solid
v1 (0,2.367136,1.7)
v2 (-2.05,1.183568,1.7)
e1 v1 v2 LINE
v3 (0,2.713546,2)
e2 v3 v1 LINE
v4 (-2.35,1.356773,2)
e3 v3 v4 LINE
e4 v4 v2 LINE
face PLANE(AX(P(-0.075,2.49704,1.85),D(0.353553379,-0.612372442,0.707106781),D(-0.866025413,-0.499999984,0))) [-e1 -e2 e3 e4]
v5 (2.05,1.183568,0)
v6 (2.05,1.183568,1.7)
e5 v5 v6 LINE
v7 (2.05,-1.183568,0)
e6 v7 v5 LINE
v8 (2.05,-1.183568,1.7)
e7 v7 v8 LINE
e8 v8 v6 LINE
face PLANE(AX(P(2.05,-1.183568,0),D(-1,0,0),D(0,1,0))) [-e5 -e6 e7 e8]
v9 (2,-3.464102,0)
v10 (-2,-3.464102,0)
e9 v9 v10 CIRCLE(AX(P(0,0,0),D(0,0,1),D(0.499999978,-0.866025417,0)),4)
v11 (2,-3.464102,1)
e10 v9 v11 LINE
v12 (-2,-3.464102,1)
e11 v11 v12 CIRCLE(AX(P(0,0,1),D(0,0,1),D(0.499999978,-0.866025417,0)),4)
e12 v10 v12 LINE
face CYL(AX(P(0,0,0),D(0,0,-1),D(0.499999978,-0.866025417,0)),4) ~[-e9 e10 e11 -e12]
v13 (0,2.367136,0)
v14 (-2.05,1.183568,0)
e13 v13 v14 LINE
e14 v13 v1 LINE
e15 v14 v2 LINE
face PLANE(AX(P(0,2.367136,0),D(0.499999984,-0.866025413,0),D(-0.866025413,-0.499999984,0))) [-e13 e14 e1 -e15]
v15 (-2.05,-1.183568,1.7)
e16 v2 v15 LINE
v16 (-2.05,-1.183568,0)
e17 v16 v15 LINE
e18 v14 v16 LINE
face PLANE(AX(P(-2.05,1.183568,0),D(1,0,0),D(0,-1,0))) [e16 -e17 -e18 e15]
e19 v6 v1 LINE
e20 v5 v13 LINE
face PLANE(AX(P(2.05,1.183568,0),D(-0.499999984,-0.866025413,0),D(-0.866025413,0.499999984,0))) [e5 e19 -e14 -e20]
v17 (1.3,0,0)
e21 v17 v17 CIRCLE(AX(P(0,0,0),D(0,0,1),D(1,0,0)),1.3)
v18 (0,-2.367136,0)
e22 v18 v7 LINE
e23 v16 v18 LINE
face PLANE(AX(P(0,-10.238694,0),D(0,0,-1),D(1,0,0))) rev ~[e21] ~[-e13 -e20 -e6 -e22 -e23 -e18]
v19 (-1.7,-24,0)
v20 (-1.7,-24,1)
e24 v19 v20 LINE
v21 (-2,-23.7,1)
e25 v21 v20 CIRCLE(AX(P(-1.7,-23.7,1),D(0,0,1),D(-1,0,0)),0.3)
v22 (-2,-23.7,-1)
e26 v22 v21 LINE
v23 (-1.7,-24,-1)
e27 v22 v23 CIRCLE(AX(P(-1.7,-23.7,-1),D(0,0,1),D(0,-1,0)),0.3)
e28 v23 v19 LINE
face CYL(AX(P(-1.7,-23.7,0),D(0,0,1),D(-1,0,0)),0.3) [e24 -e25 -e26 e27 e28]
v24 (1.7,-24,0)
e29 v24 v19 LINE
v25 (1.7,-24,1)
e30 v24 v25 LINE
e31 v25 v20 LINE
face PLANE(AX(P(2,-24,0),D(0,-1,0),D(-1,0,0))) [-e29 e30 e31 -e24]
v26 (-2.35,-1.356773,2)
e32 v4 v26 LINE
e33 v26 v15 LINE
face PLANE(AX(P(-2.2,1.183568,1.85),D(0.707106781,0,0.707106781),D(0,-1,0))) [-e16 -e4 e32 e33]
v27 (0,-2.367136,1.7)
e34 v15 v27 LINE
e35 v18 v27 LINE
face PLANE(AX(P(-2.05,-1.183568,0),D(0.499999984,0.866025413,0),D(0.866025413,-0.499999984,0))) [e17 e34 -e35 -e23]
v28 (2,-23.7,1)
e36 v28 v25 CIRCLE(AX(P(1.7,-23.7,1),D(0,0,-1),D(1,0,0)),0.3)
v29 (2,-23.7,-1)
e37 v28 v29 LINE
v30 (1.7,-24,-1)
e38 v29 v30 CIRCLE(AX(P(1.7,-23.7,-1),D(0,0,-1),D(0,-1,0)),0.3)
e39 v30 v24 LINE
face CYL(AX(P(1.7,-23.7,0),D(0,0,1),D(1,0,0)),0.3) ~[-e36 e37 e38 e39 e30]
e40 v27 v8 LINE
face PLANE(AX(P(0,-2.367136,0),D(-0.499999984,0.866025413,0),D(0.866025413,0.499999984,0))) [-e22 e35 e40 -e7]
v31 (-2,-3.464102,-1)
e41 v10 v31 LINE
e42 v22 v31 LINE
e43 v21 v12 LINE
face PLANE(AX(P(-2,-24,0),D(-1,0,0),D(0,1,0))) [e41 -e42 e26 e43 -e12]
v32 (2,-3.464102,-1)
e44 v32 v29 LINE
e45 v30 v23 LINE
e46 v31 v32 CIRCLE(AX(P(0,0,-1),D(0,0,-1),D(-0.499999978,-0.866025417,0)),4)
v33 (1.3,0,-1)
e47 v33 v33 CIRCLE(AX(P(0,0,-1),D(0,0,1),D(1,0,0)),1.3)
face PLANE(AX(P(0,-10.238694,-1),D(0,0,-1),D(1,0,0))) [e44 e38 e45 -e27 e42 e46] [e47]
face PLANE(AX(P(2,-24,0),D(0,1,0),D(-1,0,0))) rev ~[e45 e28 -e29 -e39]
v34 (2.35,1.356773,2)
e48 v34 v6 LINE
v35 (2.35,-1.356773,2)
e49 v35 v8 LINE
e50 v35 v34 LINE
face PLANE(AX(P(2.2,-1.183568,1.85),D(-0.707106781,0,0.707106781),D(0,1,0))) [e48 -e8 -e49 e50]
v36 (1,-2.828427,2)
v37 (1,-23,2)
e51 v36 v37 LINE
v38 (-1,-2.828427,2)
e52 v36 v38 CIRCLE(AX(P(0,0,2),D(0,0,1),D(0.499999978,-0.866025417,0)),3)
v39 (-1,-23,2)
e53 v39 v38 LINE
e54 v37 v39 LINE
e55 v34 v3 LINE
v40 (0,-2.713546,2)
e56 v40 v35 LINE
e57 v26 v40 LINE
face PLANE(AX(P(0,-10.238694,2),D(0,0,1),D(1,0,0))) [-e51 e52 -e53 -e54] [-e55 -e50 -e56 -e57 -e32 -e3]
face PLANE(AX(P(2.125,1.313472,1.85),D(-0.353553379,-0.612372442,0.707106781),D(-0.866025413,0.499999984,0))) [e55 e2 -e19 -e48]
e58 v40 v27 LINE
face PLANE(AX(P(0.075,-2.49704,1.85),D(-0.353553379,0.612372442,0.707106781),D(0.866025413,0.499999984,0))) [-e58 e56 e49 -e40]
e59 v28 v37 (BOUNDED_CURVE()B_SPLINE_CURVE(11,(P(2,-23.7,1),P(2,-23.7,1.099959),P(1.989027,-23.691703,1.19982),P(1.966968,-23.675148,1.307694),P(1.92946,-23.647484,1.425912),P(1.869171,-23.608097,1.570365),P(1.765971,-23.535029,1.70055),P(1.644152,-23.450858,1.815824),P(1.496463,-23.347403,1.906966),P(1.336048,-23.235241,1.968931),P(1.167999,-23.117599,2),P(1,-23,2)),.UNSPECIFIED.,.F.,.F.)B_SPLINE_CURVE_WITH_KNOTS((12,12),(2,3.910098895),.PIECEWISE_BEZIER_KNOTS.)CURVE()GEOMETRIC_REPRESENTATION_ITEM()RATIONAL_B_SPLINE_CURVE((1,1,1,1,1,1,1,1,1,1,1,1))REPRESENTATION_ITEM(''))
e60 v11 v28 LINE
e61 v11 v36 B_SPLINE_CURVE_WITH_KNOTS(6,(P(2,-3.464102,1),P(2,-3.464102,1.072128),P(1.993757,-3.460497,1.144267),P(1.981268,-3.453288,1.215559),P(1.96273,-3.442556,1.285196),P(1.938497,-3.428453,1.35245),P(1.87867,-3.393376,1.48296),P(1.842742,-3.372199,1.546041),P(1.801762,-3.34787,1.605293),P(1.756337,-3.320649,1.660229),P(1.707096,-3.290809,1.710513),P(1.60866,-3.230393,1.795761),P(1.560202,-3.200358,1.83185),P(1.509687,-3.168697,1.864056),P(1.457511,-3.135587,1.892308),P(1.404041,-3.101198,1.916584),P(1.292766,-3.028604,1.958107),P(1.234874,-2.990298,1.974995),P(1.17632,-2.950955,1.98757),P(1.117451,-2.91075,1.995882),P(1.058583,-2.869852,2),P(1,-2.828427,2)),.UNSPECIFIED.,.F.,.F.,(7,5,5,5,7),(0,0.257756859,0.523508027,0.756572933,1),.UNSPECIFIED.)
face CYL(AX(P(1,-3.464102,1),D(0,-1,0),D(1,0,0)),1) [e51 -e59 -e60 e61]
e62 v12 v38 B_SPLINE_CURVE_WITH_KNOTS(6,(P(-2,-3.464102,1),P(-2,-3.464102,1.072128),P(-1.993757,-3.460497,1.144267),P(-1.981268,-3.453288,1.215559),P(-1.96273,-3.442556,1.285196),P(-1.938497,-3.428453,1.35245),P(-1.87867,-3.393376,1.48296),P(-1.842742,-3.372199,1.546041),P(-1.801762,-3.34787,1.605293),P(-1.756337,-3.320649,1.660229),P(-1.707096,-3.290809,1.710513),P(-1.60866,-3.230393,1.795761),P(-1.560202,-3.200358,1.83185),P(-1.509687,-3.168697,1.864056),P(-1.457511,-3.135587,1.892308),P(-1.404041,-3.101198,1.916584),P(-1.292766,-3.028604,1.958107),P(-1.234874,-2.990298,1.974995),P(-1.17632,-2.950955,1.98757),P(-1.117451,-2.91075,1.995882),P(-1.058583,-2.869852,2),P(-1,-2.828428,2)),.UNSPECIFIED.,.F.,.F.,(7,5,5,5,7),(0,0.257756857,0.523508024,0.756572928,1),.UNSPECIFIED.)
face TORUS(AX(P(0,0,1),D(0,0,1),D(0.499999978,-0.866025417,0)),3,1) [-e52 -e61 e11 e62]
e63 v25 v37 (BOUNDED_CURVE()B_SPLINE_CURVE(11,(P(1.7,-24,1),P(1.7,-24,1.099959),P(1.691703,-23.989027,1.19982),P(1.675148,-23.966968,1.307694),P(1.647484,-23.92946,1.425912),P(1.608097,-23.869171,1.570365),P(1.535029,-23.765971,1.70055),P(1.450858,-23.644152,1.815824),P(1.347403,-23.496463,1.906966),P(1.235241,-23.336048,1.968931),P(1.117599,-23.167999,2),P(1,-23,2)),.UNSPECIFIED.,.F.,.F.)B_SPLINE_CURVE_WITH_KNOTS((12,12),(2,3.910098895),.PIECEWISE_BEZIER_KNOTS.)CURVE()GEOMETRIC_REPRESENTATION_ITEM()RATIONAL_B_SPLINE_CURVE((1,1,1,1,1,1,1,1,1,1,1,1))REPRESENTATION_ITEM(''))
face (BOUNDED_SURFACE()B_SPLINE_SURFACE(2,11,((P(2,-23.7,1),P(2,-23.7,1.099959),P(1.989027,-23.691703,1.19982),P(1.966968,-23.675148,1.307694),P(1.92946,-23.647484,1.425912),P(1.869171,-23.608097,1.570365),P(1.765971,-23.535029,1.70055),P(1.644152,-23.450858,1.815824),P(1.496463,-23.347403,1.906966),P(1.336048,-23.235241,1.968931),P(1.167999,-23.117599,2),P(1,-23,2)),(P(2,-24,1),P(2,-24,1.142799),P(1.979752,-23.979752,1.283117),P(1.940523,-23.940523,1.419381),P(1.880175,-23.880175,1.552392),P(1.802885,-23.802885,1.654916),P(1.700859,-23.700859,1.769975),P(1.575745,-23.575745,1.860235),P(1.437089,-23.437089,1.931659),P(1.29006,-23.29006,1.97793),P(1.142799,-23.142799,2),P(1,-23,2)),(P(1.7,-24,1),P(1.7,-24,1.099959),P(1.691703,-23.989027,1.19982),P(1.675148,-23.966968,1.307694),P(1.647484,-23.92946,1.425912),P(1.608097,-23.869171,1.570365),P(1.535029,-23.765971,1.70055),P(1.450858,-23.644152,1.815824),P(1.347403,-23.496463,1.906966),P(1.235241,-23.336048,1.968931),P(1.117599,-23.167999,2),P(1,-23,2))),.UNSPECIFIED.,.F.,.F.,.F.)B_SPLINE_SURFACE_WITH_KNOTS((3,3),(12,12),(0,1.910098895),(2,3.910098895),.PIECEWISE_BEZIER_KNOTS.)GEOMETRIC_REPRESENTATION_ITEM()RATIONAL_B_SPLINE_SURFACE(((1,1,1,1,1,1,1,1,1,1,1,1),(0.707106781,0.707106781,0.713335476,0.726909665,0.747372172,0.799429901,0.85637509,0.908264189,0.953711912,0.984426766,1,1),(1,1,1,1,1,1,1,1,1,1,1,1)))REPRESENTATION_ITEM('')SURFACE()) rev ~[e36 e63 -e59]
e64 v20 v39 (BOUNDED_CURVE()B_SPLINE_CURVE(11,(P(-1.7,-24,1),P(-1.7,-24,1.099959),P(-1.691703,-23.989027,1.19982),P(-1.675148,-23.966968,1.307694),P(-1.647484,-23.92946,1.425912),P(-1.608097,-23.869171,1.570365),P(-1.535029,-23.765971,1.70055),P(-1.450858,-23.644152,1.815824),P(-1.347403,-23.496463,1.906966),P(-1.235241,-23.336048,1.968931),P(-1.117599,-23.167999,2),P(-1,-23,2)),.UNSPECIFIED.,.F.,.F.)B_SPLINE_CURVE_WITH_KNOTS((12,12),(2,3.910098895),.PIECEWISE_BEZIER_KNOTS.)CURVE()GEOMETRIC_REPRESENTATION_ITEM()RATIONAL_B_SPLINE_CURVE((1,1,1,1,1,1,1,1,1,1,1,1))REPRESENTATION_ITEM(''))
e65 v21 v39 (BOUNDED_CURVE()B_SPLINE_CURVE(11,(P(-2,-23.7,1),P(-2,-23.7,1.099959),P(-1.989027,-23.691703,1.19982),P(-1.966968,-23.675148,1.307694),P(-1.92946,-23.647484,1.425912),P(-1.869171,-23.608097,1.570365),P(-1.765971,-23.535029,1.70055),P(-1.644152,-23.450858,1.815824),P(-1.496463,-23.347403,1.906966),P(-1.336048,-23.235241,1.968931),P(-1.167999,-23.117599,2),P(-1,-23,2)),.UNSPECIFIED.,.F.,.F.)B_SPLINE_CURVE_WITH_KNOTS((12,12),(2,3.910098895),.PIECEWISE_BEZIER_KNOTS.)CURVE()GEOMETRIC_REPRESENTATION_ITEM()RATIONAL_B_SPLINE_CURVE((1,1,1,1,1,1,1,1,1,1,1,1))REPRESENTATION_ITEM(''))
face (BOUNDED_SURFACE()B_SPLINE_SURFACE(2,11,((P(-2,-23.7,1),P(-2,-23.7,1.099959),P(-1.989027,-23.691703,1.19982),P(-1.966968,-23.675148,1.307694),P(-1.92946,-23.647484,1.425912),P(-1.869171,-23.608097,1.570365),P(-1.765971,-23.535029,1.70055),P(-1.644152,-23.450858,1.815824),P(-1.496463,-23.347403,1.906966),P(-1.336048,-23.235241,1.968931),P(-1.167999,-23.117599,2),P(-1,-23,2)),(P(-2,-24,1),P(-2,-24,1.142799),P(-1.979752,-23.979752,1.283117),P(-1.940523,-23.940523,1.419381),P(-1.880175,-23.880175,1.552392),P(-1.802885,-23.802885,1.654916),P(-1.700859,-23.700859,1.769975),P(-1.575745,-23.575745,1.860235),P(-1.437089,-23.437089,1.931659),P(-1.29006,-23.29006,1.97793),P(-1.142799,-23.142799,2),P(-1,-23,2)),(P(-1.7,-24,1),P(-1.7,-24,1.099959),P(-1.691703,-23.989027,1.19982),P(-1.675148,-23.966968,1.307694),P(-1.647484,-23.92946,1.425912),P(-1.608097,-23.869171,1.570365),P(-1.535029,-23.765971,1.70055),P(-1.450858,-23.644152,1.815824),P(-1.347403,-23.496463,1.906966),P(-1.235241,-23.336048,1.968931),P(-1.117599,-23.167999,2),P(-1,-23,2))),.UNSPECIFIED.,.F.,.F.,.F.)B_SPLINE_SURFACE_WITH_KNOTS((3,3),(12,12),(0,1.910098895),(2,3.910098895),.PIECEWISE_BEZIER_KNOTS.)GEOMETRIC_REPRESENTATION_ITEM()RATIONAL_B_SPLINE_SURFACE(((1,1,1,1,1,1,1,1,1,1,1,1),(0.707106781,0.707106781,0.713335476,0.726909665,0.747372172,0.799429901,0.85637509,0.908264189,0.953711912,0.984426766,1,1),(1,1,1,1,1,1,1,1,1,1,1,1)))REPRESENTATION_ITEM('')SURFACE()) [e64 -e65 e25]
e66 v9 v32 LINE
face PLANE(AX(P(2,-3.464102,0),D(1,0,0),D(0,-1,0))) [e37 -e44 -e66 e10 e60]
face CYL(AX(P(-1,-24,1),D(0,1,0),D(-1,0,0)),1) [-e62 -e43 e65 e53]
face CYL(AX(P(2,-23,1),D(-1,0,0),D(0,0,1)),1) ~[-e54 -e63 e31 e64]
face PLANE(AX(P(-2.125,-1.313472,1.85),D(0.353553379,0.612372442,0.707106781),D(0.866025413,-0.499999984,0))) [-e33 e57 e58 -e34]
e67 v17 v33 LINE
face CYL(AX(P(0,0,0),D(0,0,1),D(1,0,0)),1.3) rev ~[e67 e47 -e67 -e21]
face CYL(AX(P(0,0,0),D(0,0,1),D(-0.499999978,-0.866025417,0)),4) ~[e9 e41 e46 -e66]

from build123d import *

# Parameters (mm, degrees)
PAD_DEPTH    = 2
PAD001_DEPTH = 1
SKETCH002_R  = 1.3
POCKET_DEPTH = 1.001
FILLET_R     = 1
FILLET001_R  = 0.3
FILLET002_R  = 0.3
CHAMFER_SIZE = 0.3


with BuildPart() as part:
    # Sketch → Pad (new body)
    with BuildSketch(Plane.XY):
        with BuildLine():
            ThreePointArc((2, -3.464102), (0, 4), (-2, -3.464102))
            Line((-2, -24), (-2, -3.464102))
            Line((2, -24), (-2, -24))
            Line((2, -3.464102), (2, -24))
        make_face()
        Polygon((0, 2.367136), (-2.05, 1.183568), (-2.05, -1.183568), (0, -2.367136), (2.05, -1.183568), (2.05, 1.183568), align=None, mode=Mode.SUBTRACT)
    extrude(amount=PAD_DEPTH)

    # Sketch001 (on Face11 of Pad) → Pad001 (join)
    with BuildSketch(Plane(origin=(0, 0, 0), x_dir=(1, 0, 0), z_dir=(0, 0, -1))):
        with BuildLine():
            ThreePointArc((-2, 3.464102), (0, -4), (2, 3.464102))
            Line((2, 3.464102), (2, 24))
            Line((2, 24), (-2, 24))
            Line((-2, 24), (-2, 3.464102))
        make_face()
    extrude(amount=PAD001_DEPTH)

    # Sketch002 (on Face17 of Pad001) → Pocket (cut, through all)
    with BuildSketch(Plane.XY):
        Circle(SKETCH002_R)
    extrude(amount=-POCKET_DEPTH, mode=Mode.SUBTRACT)

    # Fillet
    fillet_edges = [part.edges().sort_by_distance(p)[0] for p in [
        (2, -13.732051, 2),
        (0, -24, 2),
        (-2, -13.732051, 2),
        (0, 4, 2),
    ]]
    fillet(fillet_edges, radius=FILLET_R)

    # Fillet001
    fillet001_edges = [part.edges().sort_by_distance(p)[0] for p in [
        (2, -24, 0.5),
        (2, -24, -0.5),
    ]]
    fillet(fillet001_edges, radius=FILLET001_R)

    # Fillet002
    fillet002_edges = [part.edges().sort_by_distance(p)[0] for p in [
        (-2, -24, 0.5),
        (-2, -24, -0.5),
    ]]
    fillet(fillet002_edges, radius=FILLET002_R)

    # Chamfer
    chamfer_edges = [part.edges().sort_by_distance(p)[0] for p in [
        (-2.05, 0, 2),
        (-1.025, 1.775352, 2),
        (1.025, 1.775352, 2),
        (2.05, 0, 2),
        (1.025, -1.775352, 2),
        (-1.025, -1.775352, 2),
    ]]
    chamfer(chamfer_edges, length=CHAMFER_SIZE)


solid = part.part
